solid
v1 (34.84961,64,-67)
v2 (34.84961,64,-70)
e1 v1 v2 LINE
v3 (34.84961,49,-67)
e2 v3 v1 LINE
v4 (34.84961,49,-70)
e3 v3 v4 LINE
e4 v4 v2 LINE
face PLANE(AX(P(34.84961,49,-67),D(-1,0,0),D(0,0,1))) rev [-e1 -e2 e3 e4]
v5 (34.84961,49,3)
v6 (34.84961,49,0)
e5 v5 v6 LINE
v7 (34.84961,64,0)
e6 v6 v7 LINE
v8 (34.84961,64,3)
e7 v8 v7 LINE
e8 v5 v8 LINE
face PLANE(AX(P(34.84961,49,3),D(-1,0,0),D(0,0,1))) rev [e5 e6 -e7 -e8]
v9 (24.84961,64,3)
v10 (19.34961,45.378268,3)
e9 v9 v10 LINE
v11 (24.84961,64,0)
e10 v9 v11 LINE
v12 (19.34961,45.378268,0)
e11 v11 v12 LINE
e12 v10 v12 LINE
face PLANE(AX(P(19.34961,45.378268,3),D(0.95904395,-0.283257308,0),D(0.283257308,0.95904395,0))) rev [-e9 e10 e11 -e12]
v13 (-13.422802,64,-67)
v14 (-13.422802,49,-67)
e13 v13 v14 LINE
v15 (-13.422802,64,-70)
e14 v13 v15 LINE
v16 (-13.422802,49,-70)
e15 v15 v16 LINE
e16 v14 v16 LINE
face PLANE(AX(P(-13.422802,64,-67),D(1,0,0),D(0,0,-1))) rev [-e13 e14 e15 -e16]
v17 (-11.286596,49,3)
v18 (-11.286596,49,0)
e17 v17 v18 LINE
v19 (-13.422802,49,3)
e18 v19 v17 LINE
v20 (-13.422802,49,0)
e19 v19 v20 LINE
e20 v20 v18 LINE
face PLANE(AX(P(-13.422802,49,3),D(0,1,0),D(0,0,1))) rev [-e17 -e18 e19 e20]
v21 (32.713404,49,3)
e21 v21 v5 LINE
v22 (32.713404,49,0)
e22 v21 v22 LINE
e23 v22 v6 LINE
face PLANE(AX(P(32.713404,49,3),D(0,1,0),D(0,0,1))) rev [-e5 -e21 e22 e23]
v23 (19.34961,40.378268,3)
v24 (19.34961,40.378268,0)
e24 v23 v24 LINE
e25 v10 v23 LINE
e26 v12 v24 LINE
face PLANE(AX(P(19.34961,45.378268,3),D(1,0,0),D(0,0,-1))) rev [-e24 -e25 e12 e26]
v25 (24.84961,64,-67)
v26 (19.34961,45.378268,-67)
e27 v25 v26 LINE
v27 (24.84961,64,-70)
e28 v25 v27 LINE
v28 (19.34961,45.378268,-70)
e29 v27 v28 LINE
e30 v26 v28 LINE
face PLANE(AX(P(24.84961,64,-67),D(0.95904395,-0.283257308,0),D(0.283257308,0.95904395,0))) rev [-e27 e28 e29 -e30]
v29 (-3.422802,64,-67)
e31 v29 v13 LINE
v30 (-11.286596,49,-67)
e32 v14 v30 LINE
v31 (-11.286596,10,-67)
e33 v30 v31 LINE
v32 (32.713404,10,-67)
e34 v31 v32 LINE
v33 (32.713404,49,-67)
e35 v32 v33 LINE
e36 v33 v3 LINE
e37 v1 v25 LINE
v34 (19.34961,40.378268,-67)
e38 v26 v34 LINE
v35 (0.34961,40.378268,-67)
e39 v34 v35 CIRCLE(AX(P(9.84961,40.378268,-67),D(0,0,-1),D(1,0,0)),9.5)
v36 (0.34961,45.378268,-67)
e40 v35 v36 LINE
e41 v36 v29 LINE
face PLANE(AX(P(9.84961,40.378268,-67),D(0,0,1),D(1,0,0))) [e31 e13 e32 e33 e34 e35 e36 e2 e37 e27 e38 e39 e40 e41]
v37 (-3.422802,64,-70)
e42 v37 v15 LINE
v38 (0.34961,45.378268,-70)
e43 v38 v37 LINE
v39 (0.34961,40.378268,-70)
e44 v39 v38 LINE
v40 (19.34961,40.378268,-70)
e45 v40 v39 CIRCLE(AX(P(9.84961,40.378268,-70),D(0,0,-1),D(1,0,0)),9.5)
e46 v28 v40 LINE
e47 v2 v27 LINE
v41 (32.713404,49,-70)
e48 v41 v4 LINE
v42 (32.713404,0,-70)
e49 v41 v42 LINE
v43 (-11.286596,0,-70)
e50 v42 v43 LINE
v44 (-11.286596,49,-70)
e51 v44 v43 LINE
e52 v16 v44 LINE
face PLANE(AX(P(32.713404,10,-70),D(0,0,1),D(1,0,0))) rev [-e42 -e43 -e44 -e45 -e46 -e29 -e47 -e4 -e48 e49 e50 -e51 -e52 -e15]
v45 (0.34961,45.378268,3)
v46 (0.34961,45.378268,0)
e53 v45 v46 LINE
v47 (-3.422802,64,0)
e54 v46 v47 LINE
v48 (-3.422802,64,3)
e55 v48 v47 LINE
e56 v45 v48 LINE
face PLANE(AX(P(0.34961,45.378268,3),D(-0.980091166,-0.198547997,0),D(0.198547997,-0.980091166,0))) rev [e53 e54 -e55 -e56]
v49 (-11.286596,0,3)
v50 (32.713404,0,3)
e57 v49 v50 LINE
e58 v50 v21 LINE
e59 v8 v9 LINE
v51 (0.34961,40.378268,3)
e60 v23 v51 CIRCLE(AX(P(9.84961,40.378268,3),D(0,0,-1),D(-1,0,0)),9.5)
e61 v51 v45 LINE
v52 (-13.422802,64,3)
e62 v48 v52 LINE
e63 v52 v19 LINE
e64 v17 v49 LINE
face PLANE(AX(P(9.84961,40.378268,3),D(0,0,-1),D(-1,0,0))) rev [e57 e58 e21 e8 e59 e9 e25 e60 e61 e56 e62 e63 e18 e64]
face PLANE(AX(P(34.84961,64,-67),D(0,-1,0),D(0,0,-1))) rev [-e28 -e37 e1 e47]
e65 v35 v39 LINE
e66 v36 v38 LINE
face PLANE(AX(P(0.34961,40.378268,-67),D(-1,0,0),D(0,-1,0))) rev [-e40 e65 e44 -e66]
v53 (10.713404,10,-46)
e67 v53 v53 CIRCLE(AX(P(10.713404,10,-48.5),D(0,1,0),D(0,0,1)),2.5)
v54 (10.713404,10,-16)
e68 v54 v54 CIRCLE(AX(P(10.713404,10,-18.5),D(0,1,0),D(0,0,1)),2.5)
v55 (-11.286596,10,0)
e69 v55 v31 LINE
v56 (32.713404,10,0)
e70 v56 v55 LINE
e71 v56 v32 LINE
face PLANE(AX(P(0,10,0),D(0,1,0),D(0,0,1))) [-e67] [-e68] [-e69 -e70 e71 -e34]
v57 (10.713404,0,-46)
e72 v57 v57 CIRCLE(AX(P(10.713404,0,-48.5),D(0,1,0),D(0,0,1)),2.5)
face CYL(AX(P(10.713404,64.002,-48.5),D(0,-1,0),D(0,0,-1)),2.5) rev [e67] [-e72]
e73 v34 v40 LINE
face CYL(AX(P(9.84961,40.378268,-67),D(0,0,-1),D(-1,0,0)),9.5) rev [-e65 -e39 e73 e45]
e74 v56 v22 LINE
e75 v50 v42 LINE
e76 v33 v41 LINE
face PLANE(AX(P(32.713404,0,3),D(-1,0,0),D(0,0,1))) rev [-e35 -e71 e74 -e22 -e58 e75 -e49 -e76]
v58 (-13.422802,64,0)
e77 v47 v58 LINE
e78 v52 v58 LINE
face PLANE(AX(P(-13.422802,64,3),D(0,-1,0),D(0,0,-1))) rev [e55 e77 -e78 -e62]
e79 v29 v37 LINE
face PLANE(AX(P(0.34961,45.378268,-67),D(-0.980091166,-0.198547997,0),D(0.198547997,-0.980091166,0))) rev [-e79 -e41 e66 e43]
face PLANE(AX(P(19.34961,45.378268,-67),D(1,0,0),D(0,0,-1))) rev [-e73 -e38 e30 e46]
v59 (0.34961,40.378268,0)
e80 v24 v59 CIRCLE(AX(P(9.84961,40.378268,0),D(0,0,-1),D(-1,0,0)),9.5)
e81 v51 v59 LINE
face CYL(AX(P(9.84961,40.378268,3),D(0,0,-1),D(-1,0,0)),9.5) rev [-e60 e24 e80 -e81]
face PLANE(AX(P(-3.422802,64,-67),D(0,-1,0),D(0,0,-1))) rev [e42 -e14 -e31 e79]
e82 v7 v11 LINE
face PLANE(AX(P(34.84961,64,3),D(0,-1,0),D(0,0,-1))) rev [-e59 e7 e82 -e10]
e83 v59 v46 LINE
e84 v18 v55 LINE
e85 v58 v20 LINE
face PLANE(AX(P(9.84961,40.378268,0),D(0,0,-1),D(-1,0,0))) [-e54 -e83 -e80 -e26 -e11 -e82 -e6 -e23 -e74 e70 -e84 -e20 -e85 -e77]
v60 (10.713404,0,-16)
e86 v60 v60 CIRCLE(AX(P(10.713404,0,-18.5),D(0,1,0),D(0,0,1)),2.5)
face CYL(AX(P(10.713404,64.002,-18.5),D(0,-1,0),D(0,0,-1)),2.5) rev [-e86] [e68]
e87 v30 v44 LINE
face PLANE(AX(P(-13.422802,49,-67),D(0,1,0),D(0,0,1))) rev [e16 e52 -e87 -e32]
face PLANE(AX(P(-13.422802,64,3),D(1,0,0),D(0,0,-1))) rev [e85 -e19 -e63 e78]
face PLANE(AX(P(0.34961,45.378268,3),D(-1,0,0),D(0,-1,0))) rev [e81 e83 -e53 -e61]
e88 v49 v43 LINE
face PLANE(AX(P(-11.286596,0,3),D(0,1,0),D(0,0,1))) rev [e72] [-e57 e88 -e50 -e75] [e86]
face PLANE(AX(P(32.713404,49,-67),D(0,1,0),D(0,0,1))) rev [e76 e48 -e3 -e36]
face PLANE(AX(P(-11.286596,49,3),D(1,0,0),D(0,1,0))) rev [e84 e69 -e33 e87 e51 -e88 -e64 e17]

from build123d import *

# Parameters (mm, degrees)
BOSS_EXTRUDE2_DEPTH = 3
SKETCH2_W           = 44
SKETCH2_H           = 70
BOSS_EXTRUDE3_DEPTH = 10
BOSS_EXTRUDE4_DEPTH = 3
CUT_EXTRUDE1_REACH  = 103.047
SKETCH7_R           = 2.5


with BuildPart() as part:
    # Sketch1 → Boss-Extrude2 (new body)
    with BuildSketch(Plane.XY):
        with BuildLine():
            Line((-11.286595542, 0), (32.713404458, 0))
            Line((32.713404458, 0), (32.713404458, 49))
            Line((32.713404458, 49), (34.849610431, 49))
            Line((34.849610431, 49), (34.849610431, 64))
            Line((34.849610431, 64), (24.849610431, 64))
            Line((24.849610431, 64), (19.349610431, 45.378267854))
            Line((19.349610431, 45.378267854), (19.349610431, 40.378267854))
            ThreePointArc((19.349610431, 40.378267854), (9.849610431, 30.878267854), (0.349610431, 40.378267854))
            Line((0.349610431, 40.378267854), (0.349610431, 45.378267854))
            Line((0.349610431, 45.378267854), (-3.422801515, 64))
            Line((-3.422801515, 64), (-13.422801515, 64))
            Line((-13.422801515, 64), (-13.422801515, 49))
            Line((-13.422801515, 49), (-11.286595542, 49))
            Line((-11.286595542, 49), (-11.286595542, 0))
        make_face()
    extrude(amount=BOSS_EXTRUDE2_DEPTH)

    # Sketch2 → Boss-Extrude3 (add)
    with BuildSketch(Plane(origin=(0, 0, 0), x_dir=(1, 0, 0), z_dir=(0, 1, 0))):
        with Locations((10.713404458, 35)):
            Rectangle(SKETCH2_W, SKETCH2_H)
    extrude(amount=BOSS_EXTRUDE3_DEPTH)

    # Sketch4 → Boss-Extrude4 (add)
    with BuildSketch(Plane.XY.offset(-70)):
        with BuildLine():
            Line((34.849610431, 64), (24.849610431, 64))
            Line((24.849610431, 64), (19.349610431, 45.378267854))
            Line((19.349610431, 45.378267854), (19.349610431, 40.378267854))
            ThreePointArc((19.349610431, 40.378267854), (9.849610431, 30.878267854), (0.349610431, 40.378267854))
            Line((0.349610431, 40.378267854), (0.349610431, 45.378267854))
            Line((0.349610431, 45.378267854), (-3.422801515, 64))
            Line((-3.422801515, 64), (-13.422801515, 64))
            Line((-13.422801515, 64), (-13.422801515, 49))
            Line((-13.422801515, 49), (-11.286595542, 49))
            Line((-11.286595542, 49), (-11.286595542, 0))
            Line((-11.286595542, 0), (32.713404458, 0))
            Line((32.713404458, 0), (32.713404458, 49))
            Line((32.713404458, 49), (34.849610431, 49))
            Line((34.849610431, 49), (34.849610431, 64))
        make_face()
    extrude(amount=BOSS_EXTRUDE4_DEPTH)

    # Sketch7 → Cut-Extrude1 (cut, up to next)
    with BuildSketch(Plane(origin=(0, 0, 0), x_dir=(1, 0, 0), z_dir=(0, 1, 0)), mode=Mode.PRIVATE) as cut_extrude1_sk1:
        with Locations(Location((10.713404458, 48.5, 0), (0, 0, 270))):
            Circle(SKETCH7_R)
    cut_extrude1_tool1 = extrude(cut_extrude1_sk1.sketch, amount=CUT_EXTRUDE1_REACH, mode=Mode.PRIVATE) & part.part
    # Sketch7 → Cut-Extrude1 (cut, up to next)
    with BuildSketch(Plane(origin=(0, 0, 0), x_dir=(1, 0, 0), z_dir=(0, 1, 0)), mode=Mode.PRIVATE) as cut_extrude1_sk2:
        with Locations(Location((10.713404458, 18.5, 0), (0, 0, 270))):
            Circle(SKETCH7_R)
    cut_extrude1_tool2 = extrude(cut_extrude1_sk2.sketch, amount=CUT_EXTRUDE1_REACH, mode=Mode.PRIVATE) & part.part
    add(cut_extrude1_tool1.solids().sort_by_distance((10.713404, 0, -48.5))[0], mode=Mode.SUBTRACT)
    add(cut_extrude1_tool2.solids().sort_by_distance((10.713404, 0, -18.5))[0], mode=Mode.SUBTRACT)


solid = part.part
